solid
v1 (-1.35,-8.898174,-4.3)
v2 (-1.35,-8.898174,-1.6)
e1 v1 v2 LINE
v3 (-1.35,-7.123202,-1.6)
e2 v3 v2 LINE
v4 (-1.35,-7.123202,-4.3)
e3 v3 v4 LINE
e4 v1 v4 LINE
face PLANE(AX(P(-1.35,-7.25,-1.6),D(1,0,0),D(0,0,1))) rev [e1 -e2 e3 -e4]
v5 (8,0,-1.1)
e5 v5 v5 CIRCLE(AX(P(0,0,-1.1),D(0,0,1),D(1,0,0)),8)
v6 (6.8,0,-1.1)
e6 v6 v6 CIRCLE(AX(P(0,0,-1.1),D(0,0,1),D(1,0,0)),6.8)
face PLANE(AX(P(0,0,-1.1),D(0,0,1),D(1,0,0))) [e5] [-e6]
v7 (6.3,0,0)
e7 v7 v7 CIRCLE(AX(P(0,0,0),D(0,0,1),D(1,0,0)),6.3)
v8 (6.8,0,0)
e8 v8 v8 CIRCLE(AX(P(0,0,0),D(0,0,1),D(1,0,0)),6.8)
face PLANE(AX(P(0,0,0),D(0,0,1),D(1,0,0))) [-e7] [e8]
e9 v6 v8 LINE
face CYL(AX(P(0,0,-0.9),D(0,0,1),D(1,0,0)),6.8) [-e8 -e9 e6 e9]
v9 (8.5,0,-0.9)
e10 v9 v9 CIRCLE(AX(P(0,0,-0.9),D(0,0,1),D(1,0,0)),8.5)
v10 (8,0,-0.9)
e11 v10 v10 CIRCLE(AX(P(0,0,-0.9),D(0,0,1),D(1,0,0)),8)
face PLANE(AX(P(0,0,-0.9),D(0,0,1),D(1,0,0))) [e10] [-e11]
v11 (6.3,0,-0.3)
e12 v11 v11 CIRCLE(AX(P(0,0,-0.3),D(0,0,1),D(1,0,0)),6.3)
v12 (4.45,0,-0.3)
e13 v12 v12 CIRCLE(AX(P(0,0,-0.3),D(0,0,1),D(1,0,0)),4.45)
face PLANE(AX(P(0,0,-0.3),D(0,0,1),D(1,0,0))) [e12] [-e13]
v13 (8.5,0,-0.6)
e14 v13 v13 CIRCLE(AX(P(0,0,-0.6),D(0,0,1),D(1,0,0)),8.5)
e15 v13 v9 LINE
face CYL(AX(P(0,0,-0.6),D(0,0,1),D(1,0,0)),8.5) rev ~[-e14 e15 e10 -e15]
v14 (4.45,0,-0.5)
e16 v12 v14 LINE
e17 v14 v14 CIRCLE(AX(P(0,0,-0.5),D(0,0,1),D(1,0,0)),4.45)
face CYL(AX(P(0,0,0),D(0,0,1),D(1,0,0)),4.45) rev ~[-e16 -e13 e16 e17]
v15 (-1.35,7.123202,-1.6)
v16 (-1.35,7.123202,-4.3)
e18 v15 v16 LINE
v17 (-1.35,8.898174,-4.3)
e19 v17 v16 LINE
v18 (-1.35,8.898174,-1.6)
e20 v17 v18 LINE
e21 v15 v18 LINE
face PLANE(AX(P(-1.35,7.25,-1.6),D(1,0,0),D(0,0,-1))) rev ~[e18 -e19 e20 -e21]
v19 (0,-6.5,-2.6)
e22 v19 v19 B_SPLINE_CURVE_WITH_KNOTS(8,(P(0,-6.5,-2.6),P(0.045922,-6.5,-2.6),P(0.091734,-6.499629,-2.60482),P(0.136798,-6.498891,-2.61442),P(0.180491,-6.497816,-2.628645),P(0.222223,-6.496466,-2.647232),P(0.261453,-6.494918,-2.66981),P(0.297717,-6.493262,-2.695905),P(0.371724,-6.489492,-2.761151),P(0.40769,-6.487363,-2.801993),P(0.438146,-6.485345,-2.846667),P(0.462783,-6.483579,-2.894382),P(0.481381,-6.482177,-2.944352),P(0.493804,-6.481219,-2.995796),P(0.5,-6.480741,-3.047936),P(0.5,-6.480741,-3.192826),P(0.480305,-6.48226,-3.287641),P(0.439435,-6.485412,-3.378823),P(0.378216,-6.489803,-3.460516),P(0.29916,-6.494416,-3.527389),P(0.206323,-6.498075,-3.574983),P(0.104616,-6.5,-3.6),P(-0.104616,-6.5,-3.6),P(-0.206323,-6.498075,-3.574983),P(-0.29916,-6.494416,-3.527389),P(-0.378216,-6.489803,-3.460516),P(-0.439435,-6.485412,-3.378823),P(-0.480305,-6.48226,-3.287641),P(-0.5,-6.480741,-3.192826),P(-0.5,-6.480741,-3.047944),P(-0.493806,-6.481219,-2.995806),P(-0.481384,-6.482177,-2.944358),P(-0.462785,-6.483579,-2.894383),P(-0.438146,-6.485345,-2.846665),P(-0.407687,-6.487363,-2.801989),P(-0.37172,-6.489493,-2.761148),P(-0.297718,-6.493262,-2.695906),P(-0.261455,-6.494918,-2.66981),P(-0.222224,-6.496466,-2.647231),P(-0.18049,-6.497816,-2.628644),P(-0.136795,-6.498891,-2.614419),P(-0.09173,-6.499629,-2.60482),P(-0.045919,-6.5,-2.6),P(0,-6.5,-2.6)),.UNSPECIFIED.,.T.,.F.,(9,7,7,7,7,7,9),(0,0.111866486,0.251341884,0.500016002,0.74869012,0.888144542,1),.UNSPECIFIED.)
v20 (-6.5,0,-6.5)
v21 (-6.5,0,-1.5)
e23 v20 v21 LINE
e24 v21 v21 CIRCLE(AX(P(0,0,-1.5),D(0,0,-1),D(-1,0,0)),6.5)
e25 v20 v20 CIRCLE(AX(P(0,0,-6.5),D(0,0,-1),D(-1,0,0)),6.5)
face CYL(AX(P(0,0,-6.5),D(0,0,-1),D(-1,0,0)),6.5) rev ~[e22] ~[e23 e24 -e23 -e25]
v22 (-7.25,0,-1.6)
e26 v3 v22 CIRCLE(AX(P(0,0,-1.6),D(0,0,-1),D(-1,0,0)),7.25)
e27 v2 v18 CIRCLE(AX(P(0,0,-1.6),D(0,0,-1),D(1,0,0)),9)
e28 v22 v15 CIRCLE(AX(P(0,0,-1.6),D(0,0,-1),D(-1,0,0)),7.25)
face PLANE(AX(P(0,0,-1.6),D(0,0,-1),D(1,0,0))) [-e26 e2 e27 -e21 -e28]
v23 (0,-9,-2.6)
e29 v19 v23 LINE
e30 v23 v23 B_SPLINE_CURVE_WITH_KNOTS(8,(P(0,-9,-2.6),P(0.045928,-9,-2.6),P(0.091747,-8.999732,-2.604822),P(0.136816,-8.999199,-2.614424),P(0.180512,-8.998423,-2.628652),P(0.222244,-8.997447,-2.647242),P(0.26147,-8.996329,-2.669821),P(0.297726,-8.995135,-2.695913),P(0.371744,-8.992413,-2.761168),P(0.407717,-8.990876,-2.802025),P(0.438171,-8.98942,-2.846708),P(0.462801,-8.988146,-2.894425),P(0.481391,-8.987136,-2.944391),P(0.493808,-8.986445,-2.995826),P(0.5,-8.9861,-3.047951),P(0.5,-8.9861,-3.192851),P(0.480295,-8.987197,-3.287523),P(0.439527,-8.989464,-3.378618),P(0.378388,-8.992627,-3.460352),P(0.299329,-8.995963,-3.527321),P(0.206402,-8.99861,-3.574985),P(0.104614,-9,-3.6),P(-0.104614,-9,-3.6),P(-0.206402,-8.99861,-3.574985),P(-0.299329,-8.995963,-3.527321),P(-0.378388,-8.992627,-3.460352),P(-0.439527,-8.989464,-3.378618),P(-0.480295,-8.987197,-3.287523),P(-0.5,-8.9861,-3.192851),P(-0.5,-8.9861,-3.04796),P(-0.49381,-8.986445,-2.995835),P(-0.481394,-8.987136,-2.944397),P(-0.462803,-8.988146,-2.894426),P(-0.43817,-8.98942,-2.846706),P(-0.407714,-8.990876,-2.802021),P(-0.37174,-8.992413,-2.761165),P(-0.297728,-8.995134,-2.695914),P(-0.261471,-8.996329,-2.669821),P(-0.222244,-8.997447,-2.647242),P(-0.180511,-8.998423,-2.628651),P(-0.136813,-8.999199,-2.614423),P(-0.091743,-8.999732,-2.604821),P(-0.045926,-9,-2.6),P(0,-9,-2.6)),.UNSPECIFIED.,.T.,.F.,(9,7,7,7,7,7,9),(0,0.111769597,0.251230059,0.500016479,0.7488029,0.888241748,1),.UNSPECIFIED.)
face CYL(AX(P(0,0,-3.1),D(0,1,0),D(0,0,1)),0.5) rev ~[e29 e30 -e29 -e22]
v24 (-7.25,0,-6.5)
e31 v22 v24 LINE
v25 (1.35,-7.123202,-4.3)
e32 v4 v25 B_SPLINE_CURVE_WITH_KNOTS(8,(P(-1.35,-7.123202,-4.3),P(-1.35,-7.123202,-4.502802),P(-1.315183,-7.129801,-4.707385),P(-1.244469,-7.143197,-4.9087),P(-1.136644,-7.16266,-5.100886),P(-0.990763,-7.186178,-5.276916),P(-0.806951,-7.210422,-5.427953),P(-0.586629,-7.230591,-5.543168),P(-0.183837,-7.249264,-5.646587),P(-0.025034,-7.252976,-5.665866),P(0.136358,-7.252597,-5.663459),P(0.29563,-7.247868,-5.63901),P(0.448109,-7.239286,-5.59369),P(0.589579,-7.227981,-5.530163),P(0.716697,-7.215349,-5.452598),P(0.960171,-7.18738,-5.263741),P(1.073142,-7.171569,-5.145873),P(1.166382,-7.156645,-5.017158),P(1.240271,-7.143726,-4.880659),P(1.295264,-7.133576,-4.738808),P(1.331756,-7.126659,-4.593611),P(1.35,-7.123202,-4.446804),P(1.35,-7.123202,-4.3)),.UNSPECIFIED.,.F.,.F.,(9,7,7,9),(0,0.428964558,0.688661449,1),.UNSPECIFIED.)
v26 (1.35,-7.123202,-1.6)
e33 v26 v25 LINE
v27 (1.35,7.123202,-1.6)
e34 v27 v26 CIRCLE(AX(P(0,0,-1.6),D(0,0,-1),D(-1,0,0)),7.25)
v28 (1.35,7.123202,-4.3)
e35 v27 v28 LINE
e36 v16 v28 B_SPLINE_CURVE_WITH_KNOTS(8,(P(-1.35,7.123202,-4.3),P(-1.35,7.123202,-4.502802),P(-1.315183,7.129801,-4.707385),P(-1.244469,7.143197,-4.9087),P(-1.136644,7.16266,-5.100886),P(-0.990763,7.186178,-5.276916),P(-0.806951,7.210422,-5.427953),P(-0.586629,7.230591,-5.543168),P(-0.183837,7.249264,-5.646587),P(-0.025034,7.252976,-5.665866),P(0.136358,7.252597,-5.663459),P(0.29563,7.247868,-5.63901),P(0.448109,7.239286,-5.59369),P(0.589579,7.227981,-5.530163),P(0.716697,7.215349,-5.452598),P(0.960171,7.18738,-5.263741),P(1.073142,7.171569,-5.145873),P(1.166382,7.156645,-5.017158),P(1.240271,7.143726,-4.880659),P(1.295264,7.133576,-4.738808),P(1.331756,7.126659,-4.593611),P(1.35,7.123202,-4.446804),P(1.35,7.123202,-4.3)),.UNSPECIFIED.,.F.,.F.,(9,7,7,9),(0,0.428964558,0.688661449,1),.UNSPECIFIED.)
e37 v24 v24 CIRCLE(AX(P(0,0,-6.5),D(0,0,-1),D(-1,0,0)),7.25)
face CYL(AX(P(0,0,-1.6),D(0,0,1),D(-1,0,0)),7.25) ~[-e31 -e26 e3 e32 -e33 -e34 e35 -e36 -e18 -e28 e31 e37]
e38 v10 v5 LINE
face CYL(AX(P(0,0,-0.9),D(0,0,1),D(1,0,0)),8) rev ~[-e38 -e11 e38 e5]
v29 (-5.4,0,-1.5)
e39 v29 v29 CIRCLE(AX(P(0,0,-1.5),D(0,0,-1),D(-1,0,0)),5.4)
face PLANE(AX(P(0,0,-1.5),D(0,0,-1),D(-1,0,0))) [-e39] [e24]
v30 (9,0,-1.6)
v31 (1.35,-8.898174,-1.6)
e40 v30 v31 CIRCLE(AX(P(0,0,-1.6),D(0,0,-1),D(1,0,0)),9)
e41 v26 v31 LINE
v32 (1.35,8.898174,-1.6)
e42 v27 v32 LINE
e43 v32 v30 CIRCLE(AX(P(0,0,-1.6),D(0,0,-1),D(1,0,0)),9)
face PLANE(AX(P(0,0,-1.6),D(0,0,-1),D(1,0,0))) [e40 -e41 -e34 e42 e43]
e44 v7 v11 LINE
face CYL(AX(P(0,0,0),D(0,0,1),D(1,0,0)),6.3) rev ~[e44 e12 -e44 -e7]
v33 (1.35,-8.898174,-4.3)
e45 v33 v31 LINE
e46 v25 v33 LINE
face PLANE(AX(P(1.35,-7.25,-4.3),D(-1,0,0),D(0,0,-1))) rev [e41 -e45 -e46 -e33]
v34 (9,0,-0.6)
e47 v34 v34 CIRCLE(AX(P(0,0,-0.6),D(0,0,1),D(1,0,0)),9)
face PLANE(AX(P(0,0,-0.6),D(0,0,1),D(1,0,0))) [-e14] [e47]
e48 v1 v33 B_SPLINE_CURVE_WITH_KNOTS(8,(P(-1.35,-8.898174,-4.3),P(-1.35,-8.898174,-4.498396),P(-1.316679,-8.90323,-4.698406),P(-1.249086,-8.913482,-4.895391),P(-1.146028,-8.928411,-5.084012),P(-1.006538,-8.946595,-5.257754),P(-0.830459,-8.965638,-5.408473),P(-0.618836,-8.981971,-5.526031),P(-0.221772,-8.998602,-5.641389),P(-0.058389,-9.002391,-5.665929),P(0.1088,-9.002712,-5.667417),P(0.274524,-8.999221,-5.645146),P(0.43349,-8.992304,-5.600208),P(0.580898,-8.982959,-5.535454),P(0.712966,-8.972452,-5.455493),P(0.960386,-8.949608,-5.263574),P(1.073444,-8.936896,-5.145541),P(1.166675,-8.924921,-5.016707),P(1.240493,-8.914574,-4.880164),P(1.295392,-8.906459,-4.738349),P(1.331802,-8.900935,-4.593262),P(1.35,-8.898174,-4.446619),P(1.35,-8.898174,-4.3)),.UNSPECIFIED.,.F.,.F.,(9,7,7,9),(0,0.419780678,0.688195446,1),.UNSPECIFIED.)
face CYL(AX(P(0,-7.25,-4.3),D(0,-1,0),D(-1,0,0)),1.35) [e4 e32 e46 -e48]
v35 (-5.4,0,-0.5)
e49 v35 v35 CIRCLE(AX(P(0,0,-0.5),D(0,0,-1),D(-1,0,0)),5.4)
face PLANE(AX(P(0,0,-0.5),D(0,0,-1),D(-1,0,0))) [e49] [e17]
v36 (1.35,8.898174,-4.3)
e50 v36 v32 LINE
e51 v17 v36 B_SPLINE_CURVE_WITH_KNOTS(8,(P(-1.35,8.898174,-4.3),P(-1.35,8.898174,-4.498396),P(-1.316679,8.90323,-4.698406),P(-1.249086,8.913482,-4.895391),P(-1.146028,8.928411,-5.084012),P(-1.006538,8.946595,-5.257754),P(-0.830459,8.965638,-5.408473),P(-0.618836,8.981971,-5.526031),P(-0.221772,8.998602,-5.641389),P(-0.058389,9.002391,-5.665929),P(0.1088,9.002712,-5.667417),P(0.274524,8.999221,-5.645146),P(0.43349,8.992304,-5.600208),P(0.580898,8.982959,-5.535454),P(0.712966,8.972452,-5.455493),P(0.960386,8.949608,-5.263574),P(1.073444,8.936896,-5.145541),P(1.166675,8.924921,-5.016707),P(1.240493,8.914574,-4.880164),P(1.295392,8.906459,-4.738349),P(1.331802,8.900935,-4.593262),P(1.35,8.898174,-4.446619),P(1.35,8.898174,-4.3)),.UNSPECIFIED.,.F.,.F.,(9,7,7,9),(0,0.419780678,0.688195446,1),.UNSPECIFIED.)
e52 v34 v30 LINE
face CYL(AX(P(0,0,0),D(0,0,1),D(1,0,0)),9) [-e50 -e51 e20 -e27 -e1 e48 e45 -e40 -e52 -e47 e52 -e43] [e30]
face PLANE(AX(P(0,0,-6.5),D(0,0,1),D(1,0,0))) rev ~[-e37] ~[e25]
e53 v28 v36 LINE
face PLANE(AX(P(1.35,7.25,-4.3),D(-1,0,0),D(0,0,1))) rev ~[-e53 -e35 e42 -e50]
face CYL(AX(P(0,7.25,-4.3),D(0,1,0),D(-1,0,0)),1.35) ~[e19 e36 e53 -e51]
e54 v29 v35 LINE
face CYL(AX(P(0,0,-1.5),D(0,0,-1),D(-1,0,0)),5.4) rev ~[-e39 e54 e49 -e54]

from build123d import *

# Parameters (mm, degrees)
SKETCH1_R                            = 9
SKETCH1_R_2                          = 4.45
BOSS_EXTRUDE1_DEPTH                  = 6.5
CUT_EXTRUDE1_START                   = -4.9
SKETCH2_R                            = 9
SKETCH2_R_2                          = 7.25
CUT_EXTRUDE1_DEPTH                   = 4.9
SKETCH4_R                            = 6.3
SKETCH4_R_2                          = 4.45
CUT_EXTRUDE2_DEPTH                   = 0.3
SKETCH5_R                            = 9
SKETCH5_R_2                          = 6.8
CUT_EXTRUDE3_DEPTH                   = 0.6
SKETCH6_R                            = 8.5
SKETCH6_R_2                          = 6.8
CUT_EXTRUDE4_DEPTH                   = 0.3
SKETCH7_R                            = 6.5
CUT_EXTRUDE5_DEPTH                   = 5
SKETCH8_R                            = 5.4
CUT_EXTRUDE6_DEPTH                   = 1
BOSS_EXTRUDE5_REACH                  = 21.68
BOSS_EXTRUDE5_END_RADIUS             = 9
BOSS_EXTRUDE5_DIRECTION_2_REACH      = 21.68
BOSS_EXTRUDE5_DIRECTION_2_END_RADIUS = 7.25
SKETCH11_R                           = 0.5
CUT_EXTRUDE7_DEPTH                   = 15.291606127
SKETCH12_R                           = 8
SKETCH12_R_2                         = 6.8
CUT_EXTRUDE8_DEPTH                   = 0.2


with BuildPart() as part:
    # Sketch1 → Boss-Extrude1 (new body)
    with BuildSketch(Plane.XY):
        Circle(SKETCH1_R)
        Circle(SKETCH1_R_2, mode=Mode.SUBTRACT)
    extrude(amount=-BOSS_EXTRUDE1_DEPTH)

    # Sketch2 → Cut-Extrude1 (cut)
    with BuildSketch(Plane(origin=(0, 0, -6.5), x_dir=(-1, 0, 0), z_dir=(0, 0, -1)).offset(CUT_EXTRUDE1_START)):
        with Locations(Location((0, 0, 0), (0, 0, 180))):
            Circle(SKETCH2_R)
        Circle(SKETCH2_R_2, mode=Mode.SUBTRACT)
    extrude(amount=CUT_EXTRUDE1_DEPTH, mode=Mode.SUBTRACT)

    # Sketch4 → Cut-Extrude2 (cut)
    with BuildSketch(Plane.XY):
        Circle(SKETCH4_R)
        Circle(SKETCH4_R_2, mode=Mode.SUBTRACT)
    extrude(amount=-CUT_EXTRUDE2_DEPTH, mode=Mode.SUBTRACT)

    # Sketch5 → Cut-Extrude3 (cut)
    with BuildSketch(Plane.XY):
        Circle(SKETCH5_R)
        Circle(SKETCH5_R_2, mode=Mode.SUBTRACT)
    extrude(amount=-CUT_EXTRUDE3_DEPTH, mode=Mode.SUBTRACT)

    # Sketch6 → Cut-Extrude4 (cut)
    with BuildSketch(Plane.XY.offset(-0.6)):
        Circle(SKETCH6_R)
        Circle(SKETCH6_R_2, mode=Mode.SUBTRACT)
    extrude(amount=-CUT_EXTRUDE4_DEPTH, mode=Mode.SUBTRACT)

    # Sketch7 → Cut-Extrude5 (cut)
    with BuildSketch(Plane(origin=(0, 0, -6.5), x_dir=(-1, 0, 0), z_dir=(0, 0, -1))):
        Circle(SKETCH7_R)
    extrude(amount=-CUT_EXTRUDE5_DEPTH, mode=Mode.SUBTRACT)

    # Sketch8 → Cut-Extrude6 (cut)
    with BuildSketch(Plane(origin=(0, 0, -1.5), x_dir=(-1, 0, 0), z_dir=(0, 0, -1))):
        Circle(SKETCH8_R)
    extrude(amount=-CUT_EXTRUDE6_DEPTH, mode=Mode.SUBTRACT)


with BuildPart() as body_2:
    # Boss-Extrude5: up to this cylinder (the profile starts inside it)
    boss_extrude5_end = Plane(origin=(0, 0, -3.492216), z_dir=(0, 0, 1)) * Cylinder(BOSS_EXTRUDE5_END_RADIUS, 62.36, mode=Mode.PRIVATE)
    # Sketch9 → Boss-Extrude5 (new, up to the surface)
    with BuildSketch(Plane(origin=(0, 7.25, 0), x_dir=(1, 0, 0), z_dir=(0, 1, 0)), mode=Mode.PRIVATE) as boss_extrude5_sk1:
        with BuildLine():
            Line((-1.35, 1.6), (-1.35, 4.3))
            ThreePointArc((-1.35, 4.3), (0, 5.65), (1.35, 4.3))
            Line((1.35, 4.3), (1.35, 1.6))
            Line((1.35, 1.6), (-1.35, 1.6))
        make_face()
    boss_extrude5_tool1 = extrude(boss_extrude5_sk1.sketch, amount=BOSS_EXTRUDE5_REACH, mode=Mode.PRIVATE) & boss_extrude5_end
    add(boss_extrude5_tool1.solids().sort_by_distance((0, 7.25, -3.492216))[0])

    # Boss-Extrude5 direction 2: up to this cylinder (the profile starts outside it)
    boss_extrude5_direction_2_end = Plane(origin=(0, 0, -3.492216), z_dir=(0, 0, -1)) * Cylinder(BOSS_EXTRUDE5_DIRECTION_2_END_RADIUS, 58.86, mode=Mode.PRIVATE)
    # Sketch9 → Boss-Extrude5 direction 2 (add, up to the surface)
    with BuildSketch(Plane(origin=(0, 7.25, 0), x_dir=(1, 0, 0), z_dir=(0, 1, 0)), mode=Mode.PRIVATE) as boss_extrude5_direction_2_sk1:
        with BuildLine():
            Line((-1.35, 1.6), (-1.35, 4.3))
            ThreePointArc((-1.35, 4.3), (0, 5.65), (1.35, 4.3))
            Line((1.35, 4.3), (1.35, 1.6))
            Line((1.35, 1.6), (-1.35, 1.6))
        make_face()
    boss_extrude5_direction_2_tool1 = extrude(boss_extrude5_direction_2_sk1.sketch, amount=-BOSS_EXTRUDE5_DIRECTION_2_REACH, mode=Mode.PRIVATE) - boss_extrude5_direction_2_end
    add(boss_extrude5_direction_2_tool1.solids().sort_by_distance((0, 7.25, -3.492216))[0])
    add(boss_extrude5_direction_2_tool1.solids().sort_by_distance((0, 7.25, -3.492216))[1])


with BuildPart() as body_3:
    # Mirror2: mirrored copy
    add(body_2.part.mirror(Plane.ZX))


with BuildPart() as body_2_1:
    add(body_2.part)

    # Combine3: union part, body 3
    add(part.part)
    add(body_3.part)

    # Sketch11 → Cut-Extrude7 (cut, through all)
    with BuildSketch(Plane(origin=(0, 0, 0), x_dir=(1, 0, 0), z_dir=(0, 1, 0))):
        with Locations(Location((0, 3.1, 0), (0, 0, 270))):
            Circle(SKETCH11_R)
    extrude(amount=-CUT_EXTRUDE7_DEPTH, mode=Mode.SUBTRACT)

    # Sketch12 → Cut-Extrude8 (cut)
    with BuildSketch(Plane.XY.offset(-0.9)):
        Circle(SKETCH12_R)
        Circle(SKETCH12_R_2, mode=Mode.SUBTRACT)
    extrude(amount=-CUT_EXTRUDE8_DEPTH, mode=Mode.SUBTRACT)


solid = body_2_1.part
